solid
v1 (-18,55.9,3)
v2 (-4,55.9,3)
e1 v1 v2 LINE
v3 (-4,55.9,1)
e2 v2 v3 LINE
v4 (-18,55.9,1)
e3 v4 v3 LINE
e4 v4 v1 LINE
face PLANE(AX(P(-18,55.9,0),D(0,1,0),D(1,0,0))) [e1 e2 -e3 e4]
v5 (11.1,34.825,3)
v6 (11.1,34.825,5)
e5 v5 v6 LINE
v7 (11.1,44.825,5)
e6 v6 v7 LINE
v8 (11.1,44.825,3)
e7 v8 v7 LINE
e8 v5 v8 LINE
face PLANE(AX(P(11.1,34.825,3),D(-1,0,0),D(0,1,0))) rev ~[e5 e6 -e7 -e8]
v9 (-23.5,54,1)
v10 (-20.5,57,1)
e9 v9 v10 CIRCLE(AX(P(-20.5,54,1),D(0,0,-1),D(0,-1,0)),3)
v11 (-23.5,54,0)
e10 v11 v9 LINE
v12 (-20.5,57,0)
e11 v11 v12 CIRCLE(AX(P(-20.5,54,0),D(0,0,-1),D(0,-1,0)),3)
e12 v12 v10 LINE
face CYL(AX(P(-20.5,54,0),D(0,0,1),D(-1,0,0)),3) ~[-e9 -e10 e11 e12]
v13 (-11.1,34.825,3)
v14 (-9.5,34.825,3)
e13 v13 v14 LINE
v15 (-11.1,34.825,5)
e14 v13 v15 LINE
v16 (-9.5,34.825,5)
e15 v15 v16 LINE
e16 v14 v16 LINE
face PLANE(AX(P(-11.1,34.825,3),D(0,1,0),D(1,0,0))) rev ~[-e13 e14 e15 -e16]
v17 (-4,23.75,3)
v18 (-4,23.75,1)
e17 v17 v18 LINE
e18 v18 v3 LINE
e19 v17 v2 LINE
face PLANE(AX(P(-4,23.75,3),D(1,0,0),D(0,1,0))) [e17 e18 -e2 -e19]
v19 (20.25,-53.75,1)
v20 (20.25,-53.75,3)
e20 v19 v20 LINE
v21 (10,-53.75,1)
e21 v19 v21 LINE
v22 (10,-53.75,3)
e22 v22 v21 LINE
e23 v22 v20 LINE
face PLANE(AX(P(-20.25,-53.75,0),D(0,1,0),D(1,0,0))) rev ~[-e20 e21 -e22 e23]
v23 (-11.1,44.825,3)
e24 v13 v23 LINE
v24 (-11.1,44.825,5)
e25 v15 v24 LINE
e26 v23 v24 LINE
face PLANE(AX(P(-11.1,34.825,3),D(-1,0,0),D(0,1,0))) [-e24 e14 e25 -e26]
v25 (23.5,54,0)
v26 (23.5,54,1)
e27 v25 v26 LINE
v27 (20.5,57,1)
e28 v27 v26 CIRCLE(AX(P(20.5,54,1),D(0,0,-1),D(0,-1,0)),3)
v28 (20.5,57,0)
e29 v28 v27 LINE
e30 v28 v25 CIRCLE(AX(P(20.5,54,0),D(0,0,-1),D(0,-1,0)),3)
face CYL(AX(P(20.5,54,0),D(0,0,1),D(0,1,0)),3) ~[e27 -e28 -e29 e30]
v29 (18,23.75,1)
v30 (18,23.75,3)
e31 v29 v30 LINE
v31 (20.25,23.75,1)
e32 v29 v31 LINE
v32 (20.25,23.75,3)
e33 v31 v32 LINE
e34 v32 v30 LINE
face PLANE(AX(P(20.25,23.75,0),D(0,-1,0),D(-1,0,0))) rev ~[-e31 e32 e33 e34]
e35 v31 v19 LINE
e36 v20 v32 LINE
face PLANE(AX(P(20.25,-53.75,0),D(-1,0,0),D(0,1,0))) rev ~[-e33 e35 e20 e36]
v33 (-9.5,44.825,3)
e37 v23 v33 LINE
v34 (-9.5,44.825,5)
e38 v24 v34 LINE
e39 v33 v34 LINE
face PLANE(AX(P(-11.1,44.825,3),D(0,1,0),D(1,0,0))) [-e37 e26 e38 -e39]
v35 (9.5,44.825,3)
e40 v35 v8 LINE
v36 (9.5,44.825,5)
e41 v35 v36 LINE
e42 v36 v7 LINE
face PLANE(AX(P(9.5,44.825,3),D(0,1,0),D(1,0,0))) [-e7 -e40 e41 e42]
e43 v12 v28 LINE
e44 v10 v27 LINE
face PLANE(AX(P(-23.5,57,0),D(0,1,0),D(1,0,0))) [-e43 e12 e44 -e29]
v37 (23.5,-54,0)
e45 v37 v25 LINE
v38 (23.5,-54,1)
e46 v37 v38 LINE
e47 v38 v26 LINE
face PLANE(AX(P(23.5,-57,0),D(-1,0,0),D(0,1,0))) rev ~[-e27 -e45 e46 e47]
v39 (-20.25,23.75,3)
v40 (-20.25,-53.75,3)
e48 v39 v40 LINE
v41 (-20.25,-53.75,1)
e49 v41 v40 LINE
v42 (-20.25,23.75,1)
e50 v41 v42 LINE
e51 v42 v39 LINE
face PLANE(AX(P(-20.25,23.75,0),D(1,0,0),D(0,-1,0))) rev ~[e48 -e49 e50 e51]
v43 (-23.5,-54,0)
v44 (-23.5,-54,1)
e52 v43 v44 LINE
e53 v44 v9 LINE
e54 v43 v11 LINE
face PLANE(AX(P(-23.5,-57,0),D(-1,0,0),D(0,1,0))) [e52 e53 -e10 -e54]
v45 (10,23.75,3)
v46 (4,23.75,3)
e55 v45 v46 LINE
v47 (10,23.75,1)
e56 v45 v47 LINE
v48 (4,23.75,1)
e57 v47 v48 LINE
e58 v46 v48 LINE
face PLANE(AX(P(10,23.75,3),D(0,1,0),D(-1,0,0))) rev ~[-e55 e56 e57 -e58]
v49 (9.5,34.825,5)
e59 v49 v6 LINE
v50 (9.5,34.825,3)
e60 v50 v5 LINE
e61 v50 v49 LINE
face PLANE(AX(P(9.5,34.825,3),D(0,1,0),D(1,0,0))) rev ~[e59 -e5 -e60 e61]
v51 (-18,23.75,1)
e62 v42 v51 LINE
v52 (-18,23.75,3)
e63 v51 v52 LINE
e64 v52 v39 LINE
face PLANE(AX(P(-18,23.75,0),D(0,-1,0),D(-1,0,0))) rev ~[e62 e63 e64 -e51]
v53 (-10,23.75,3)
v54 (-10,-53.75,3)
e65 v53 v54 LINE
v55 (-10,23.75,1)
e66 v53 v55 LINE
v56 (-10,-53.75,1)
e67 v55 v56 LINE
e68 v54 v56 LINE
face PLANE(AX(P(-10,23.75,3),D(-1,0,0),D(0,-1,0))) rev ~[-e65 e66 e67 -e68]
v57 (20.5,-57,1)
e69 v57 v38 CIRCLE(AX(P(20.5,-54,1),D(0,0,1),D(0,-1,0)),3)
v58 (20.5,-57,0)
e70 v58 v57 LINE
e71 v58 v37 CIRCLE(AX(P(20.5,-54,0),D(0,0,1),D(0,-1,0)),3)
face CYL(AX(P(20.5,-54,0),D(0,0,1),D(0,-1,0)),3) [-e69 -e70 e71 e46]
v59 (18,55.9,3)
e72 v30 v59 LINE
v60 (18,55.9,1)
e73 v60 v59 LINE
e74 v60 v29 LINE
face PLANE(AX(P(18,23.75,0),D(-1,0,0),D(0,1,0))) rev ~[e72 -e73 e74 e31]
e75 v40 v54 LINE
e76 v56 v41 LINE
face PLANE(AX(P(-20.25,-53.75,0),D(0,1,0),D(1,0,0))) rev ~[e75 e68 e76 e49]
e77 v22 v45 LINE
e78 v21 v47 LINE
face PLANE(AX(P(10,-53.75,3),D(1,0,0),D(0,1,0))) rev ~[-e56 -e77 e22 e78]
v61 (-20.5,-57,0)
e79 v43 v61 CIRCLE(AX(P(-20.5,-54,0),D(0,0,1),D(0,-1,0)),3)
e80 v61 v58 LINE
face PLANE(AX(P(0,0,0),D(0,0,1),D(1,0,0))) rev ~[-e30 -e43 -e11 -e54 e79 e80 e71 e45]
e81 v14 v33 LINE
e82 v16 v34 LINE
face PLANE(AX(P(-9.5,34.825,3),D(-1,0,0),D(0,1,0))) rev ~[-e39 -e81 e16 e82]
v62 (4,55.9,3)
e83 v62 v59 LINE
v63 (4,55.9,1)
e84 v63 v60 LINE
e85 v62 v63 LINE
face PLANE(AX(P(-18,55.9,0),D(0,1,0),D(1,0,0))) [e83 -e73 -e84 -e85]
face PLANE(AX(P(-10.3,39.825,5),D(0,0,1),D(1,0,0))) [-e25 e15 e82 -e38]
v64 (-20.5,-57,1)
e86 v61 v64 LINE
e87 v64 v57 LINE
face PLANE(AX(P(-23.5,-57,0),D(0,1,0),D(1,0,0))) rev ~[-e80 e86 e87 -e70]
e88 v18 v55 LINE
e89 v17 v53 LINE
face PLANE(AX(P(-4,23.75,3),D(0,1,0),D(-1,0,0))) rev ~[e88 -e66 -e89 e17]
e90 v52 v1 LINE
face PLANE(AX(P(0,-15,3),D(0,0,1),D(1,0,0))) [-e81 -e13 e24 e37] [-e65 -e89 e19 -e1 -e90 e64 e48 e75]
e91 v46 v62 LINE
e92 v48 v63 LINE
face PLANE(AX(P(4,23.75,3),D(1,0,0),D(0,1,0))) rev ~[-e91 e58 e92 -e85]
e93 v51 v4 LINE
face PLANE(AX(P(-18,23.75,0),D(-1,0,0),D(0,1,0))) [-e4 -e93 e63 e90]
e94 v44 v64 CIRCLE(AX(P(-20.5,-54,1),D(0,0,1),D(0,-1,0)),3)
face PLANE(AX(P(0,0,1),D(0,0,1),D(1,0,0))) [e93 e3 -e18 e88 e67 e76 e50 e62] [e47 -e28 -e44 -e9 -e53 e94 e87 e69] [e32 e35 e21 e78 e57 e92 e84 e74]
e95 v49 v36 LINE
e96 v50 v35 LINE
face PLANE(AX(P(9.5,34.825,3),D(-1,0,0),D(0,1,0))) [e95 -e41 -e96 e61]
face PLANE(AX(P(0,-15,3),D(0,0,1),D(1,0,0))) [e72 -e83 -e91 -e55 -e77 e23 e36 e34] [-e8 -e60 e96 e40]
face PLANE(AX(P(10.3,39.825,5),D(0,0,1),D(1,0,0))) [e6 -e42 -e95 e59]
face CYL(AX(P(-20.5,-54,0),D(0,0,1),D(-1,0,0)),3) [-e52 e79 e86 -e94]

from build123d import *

# Parameters (mm, degrees)
F0_W     = 47
F0_H     = 114
F1_DEPTH = 1
F0_W_2   = 36
F0_H_2   = 32.15
F2_DEPTH = 3
F3_R     = 3
F4_W     = 8
F4_H     = 32.15
F5_DEPTH = 2
F4_W_2   = 1.6
F4_H_2   = 10
F6_DEPTH = 2


with BuildPart() as f1:
    # F0 (on Top) → F1 (new body)
    with BuildSketch(Plane.XY):
        Rectangle(F0_W, F0_H)
        Polygon((18, 23.75), (20.25, 23.75), (20.25, -53.75), (-20.25, -53.75), (-20.25, 23.75), (-18, 23.75), (-18, 55.9), (18, 55.9), align=None, mode=Mode.SUBTRACT)
    extrude(amount=F1_DEPTH)

    # F0 (on Top) → F2 (join)
    with BuildSketch(Plane.XY):
        Polygon((20.25, -53.75), (20.25, 23.75), (18, 23.75), (-18, 23.75), (-20.25, 23.75), (-20.25, -53.75), align=None)
        with Locations((0, 39.825)):
            Rectangle(F0_W_2, F0_H_2)
    extrude(amount=F2_DEPTH)

    # F3
    f3_edges = [f1.edges().sort_by_distance(p)[0] for p in [
        (23.5, -57, 0.5),
        (-23.5, -57, 0.5),
        (23.5, 57, 0.5),
        (-23.5, 57, 0.5),
    ]]
    fillet(f3_edges, radius=F3_R)

    # F4 (on face) → F5 (cut)
    with BuildSketch(Plane.XY.offset(3)):
        Polygon((-10, -53.75), (10, -53.75), (10, 23.75), (4, 23.75), (-4, 23.75), (-10, 23.75), align=None)
        with Locations((0, 39.825)):
            Rectangle(F4_W, F4_H)
    extrude(amount=-F5_DEPTH, mode=Mode.SUBTRACT)

    # F4 (on face) → F6 (join)
    with BuildSketch(Plane.XY.offset(3)):
        with Locations((-10.3, 39.825)):
            Rectangle(F4_W_2, F4_H_2)
        with Locations((10.3, 39.825)):
            Rectangle(F4_W_2, F4_H_2)
    extrude(amount=F6_DEPTH)


solid = f1.part
